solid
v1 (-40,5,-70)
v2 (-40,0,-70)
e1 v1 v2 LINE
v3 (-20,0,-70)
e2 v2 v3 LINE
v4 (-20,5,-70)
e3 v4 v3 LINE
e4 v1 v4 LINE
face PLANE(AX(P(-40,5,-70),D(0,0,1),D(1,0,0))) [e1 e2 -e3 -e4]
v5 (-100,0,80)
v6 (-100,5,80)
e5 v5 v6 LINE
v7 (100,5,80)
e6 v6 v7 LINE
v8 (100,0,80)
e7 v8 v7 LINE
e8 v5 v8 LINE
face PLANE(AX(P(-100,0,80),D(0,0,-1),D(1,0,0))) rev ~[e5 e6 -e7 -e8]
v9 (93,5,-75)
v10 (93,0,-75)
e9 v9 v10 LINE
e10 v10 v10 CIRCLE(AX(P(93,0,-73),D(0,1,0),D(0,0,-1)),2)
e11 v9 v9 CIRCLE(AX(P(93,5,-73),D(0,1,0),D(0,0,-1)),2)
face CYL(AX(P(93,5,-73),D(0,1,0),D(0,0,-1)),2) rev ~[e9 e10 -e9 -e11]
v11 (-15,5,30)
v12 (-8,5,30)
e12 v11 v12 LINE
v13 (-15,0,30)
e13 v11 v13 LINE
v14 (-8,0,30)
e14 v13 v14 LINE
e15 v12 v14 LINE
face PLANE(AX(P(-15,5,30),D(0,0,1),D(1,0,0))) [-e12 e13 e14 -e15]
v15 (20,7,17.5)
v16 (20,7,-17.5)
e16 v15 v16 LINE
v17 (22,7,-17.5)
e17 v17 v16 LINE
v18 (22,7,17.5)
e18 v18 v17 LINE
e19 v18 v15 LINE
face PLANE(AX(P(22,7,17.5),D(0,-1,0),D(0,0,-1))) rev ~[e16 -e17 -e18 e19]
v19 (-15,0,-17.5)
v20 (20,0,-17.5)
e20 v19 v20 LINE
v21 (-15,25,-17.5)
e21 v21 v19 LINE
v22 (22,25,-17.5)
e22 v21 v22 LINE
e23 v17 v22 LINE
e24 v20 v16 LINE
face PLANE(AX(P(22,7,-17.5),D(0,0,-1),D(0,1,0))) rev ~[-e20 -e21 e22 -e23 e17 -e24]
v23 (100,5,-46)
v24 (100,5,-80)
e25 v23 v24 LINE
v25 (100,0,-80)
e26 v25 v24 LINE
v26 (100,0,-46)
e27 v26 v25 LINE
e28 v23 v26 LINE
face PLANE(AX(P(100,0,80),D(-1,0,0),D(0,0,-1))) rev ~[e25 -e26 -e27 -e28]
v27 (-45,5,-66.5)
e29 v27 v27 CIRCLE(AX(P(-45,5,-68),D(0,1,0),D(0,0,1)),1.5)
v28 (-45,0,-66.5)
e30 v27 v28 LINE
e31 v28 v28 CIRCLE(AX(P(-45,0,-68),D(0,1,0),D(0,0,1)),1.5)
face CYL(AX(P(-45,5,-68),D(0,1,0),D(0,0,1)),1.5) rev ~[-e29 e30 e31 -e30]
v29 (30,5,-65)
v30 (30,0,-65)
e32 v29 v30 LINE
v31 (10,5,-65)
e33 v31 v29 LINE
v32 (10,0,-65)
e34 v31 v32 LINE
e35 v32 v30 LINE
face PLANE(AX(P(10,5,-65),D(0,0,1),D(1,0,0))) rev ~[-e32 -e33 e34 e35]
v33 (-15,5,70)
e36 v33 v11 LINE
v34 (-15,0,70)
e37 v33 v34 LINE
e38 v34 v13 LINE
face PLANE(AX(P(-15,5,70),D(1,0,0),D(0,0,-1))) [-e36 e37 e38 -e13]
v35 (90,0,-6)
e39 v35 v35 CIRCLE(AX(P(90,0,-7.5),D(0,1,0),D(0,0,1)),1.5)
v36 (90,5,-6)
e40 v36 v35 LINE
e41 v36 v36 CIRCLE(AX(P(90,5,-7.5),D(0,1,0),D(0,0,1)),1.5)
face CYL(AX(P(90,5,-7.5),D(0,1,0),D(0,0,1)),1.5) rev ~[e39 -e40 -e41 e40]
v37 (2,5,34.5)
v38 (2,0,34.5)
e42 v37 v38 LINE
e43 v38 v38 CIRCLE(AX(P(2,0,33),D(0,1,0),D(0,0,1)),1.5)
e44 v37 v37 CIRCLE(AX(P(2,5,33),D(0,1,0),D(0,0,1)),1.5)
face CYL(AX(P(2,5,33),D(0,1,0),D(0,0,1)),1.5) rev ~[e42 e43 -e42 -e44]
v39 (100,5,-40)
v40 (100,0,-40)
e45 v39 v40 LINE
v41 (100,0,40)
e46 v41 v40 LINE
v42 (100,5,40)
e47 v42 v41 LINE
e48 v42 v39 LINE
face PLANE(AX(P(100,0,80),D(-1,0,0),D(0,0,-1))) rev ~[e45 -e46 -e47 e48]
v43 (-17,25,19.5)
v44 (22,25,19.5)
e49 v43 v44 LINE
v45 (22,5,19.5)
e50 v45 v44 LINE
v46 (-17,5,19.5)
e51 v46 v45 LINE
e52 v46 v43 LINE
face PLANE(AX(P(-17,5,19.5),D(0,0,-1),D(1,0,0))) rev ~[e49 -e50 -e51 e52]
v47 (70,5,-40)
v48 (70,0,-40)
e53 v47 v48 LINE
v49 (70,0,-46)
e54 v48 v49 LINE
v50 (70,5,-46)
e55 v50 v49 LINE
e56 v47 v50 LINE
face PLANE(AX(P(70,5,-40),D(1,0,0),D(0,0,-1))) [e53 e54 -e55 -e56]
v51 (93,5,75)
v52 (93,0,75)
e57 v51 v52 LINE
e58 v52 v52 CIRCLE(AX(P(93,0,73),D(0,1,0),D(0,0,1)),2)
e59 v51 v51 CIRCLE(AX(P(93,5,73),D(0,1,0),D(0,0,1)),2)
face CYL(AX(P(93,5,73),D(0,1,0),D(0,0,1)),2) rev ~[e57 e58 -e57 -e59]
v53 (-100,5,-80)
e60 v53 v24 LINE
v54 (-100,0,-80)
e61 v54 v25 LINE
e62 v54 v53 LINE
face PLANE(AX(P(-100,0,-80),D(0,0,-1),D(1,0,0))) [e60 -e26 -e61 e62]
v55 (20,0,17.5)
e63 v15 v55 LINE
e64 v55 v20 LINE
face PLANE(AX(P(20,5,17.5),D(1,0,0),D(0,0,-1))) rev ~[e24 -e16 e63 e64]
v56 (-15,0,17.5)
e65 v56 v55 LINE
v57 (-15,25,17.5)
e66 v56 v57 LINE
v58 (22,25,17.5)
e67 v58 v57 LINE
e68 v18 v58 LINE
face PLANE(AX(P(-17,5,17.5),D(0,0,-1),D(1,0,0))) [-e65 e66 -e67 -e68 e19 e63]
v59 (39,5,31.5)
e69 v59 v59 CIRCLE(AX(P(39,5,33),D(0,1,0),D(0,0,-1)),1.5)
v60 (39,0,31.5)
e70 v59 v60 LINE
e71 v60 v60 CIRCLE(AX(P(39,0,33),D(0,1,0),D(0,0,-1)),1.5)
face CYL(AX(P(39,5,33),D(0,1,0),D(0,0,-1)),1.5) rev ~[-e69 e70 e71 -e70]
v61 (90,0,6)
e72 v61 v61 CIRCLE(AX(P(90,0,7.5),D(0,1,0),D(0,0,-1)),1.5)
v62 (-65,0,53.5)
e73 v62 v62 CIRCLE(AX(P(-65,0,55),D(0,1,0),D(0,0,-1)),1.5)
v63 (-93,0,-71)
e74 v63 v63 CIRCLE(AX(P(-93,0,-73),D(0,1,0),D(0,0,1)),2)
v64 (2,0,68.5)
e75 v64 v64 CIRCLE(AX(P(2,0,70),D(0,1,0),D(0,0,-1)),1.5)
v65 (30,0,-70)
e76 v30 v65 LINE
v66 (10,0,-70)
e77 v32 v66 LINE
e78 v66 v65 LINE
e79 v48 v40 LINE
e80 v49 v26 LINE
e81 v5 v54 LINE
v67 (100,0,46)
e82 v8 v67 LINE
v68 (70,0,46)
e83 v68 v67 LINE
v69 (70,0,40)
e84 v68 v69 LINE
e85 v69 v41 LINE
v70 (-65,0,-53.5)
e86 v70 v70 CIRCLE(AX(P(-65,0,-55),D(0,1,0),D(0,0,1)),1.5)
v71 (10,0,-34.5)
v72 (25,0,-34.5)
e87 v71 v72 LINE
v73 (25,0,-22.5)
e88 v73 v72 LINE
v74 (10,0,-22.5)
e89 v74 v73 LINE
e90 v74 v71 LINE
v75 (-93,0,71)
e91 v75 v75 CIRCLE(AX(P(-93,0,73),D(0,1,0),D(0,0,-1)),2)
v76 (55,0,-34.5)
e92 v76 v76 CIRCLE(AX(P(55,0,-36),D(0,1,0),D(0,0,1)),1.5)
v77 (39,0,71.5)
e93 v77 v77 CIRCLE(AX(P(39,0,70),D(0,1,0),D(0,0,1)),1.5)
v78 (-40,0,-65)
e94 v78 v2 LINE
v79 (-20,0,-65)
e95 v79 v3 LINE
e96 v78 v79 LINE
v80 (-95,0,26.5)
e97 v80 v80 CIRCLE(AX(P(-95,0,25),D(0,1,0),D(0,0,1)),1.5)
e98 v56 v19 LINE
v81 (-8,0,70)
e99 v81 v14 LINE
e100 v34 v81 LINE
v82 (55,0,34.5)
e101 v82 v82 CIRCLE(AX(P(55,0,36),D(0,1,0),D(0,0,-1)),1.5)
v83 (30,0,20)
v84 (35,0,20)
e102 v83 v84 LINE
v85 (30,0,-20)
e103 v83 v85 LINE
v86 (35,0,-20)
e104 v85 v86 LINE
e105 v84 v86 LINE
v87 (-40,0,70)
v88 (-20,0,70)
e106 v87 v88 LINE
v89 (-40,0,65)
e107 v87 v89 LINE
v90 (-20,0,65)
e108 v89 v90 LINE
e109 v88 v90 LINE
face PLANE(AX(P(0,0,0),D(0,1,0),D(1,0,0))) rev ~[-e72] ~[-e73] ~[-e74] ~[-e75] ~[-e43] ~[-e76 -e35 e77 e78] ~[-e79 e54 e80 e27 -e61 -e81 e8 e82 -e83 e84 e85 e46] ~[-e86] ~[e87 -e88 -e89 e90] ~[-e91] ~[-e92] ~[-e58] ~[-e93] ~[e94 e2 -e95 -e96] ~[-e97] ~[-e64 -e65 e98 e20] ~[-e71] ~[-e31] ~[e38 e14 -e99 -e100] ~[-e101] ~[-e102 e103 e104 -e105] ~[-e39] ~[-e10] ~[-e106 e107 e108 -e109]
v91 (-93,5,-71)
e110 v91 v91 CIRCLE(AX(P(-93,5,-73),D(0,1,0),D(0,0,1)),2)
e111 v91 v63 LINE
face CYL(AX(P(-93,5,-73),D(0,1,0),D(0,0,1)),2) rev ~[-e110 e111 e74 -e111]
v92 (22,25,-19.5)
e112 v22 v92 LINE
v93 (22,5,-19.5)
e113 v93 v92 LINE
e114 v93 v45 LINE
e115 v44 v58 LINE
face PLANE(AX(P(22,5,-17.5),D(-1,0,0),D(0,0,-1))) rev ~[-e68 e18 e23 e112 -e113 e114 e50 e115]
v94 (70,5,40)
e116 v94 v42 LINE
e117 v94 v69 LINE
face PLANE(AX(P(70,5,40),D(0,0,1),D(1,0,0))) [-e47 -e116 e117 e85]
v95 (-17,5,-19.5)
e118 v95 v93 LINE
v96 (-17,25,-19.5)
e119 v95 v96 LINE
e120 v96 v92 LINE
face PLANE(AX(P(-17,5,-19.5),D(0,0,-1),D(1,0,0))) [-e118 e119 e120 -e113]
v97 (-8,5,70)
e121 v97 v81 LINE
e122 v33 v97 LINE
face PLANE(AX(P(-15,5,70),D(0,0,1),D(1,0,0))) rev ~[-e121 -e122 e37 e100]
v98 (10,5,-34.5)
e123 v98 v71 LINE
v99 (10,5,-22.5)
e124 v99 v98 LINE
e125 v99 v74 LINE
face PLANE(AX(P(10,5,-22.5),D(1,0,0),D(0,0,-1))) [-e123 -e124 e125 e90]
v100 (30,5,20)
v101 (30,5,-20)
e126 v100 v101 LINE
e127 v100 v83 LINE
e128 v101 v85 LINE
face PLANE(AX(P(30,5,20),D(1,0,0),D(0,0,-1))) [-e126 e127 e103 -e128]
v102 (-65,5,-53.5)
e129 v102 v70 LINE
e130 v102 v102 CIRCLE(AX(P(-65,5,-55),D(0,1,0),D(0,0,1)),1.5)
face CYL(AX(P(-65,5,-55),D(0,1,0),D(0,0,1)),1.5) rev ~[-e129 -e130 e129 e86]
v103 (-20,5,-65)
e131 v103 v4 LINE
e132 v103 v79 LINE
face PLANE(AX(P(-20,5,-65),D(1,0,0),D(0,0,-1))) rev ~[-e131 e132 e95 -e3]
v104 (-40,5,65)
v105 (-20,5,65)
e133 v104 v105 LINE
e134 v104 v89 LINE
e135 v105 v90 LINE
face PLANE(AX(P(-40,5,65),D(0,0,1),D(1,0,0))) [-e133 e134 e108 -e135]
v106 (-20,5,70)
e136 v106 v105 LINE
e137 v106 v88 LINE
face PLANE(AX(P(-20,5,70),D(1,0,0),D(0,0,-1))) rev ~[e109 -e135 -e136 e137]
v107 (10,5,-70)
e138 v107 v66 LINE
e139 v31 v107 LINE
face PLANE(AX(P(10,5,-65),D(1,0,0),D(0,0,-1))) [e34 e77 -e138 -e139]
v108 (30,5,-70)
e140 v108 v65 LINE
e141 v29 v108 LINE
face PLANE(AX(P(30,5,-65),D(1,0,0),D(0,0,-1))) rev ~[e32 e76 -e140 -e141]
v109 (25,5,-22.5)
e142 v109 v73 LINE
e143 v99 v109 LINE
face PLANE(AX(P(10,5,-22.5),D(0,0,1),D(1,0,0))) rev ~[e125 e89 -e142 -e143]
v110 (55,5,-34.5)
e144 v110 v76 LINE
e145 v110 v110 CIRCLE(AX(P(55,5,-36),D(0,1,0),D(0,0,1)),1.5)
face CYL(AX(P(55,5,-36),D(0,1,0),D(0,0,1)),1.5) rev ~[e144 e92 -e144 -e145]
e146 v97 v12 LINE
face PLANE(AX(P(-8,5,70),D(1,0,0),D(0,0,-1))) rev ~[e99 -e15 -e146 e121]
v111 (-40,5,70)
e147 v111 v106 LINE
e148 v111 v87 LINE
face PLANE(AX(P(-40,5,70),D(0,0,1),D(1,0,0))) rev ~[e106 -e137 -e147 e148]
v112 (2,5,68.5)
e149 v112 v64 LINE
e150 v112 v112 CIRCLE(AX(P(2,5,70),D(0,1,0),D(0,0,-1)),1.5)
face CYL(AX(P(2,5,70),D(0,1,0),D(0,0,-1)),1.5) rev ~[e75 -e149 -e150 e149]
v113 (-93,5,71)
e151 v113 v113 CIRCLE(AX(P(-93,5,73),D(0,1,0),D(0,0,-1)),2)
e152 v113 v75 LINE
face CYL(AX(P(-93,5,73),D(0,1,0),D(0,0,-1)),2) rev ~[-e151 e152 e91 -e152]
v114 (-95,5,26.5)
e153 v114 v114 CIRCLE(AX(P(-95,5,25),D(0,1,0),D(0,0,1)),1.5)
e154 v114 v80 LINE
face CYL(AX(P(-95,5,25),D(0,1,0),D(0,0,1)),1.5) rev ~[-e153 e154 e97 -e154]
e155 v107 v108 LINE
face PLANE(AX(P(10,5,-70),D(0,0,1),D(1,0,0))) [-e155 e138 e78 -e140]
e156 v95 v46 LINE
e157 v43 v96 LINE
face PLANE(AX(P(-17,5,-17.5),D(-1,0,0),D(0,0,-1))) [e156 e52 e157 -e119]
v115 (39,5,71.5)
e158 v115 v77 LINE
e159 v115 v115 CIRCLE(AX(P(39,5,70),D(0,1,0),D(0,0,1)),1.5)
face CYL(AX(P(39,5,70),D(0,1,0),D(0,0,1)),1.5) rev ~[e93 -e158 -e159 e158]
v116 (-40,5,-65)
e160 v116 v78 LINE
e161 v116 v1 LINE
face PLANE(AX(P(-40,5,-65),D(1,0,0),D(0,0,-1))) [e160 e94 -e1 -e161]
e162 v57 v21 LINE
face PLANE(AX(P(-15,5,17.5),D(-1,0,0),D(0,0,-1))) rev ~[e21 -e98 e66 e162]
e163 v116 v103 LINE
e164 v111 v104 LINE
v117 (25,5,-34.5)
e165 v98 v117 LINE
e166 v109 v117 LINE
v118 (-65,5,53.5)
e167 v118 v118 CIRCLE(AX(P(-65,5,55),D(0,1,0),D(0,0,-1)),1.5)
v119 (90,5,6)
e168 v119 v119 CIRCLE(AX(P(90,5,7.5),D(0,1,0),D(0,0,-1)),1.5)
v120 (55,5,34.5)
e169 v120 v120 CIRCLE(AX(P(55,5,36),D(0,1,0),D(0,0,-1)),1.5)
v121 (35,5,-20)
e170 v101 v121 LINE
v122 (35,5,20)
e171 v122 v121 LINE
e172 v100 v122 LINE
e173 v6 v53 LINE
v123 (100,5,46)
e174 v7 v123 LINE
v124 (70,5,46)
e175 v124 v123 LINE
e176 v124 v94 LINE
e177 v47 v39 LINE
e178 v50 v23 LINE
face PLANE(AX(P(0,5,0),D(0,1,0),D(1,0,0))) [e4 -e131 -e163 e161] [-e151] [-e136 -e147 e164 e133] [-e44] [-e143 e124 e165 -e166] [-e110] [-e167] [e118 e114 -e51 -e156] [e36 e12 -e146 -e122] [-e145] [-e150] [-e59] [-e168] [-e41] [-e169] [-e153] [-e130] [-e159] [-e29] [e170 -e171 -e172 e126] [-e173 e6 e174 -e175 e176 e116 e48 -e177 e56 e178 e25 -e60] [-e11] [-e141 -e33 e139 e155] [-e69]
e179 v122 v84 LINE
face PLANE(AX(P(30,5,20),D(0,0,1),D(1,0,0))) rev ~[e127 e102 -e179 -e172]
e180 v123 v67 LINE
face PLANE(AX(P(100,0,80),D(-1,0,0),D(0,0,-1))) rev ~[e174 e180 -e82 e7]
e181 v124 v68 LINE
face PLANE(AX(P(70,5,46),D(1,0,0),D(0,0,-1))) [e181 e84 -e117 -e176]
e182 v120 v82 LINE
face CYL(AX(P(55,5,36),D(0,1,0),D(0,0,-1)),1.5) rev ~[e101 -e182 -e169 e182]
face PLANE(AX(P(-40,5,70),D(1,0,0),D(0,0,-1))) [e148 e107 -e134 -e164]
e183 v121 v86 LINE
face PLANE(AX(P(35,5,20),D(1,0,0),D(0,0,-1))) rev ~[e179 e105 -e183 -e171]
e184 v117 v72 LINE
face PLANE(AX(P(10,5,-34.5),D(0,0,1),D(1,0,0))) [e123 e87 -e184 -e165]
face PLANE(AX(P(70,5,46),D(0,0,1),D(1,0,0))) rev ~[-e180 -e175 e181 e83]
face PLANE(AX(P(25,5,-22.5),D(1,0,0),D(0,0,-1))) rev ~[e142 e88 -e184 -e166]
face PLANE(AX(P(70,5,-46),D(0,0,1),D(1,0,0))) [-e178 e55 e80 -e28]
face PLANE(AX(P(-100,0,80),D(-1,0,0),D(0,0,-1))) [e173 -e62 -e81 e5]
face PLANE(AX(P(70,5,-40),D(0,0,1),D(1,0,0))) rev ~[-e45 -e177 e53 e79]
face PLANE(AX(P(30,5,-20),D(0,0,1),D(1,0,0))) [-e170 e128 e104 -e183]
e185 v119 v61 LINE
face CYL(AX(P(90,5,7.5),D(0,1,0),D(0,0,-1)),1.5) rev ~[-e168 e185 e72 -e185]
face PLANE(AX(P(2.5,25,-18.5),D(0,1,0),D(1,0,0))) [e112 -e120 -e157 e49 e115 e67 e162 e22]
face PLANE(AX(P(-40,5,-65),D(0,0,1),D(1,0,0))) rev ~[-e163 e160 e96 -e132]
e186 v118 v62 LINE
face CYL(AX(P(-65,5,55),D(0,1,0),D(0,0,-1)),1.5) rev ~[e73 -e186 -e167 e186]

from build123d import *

# Parameters (mm, degrees)
SKETCH1_W           = 200
SKETCH1_H           = 160
BOSS_EXTRUDE1_DEPTH = 5
SKETCH2_R           = 2
CUT_EXTRUDE1_DEPTH  = 5
SKETCH3_R           = 1.5
CUT_EXTRUDE4_DEPTH  = 5
SKETCH4_R           = 1.5
CUT_EXTRUDE5_DEPTH  = 5
SKETCH5_W           = 35
SKETCH5_H           = 35
CUT_EXTRUDE6_DEPTH  = 5
SKETCH7_W           = 7
SKETCH7_H           = 40
SKETCH7_W_2         = 5
SKETCH7_W_3         = 20
SKETCH7_H_2         = 5
CUT_EXTRUDE7_DEPTH  = 5
SKETCH8_W           = 15
SKETCH8_H           = 12
SKETCH8_W_2         = 30
SKETCH8_H_2         = 6
CUT_EXTRUDE8_DEPTH  = 5
SKETCH9_W           = 20
SKETCH9_H           = 5
CUT_EXTRUDE9_DEPTH  = 5
SKETCH10_R          = 1.5
CUT_EXTRUDE10_DEPTH = 5
SKETCH11_R          = 1.5
CUT_EXTRUDE11_DEPTH = 5
SKETCH12_R          = 1.5
CUT_EXTRUDE12_DEPTH = 5
SKETCH14_W          = 2
SKETCH14_H          = 35
BOSS_EXTRUDE3_DEPTH = 20
SKETCH15_W          = 39
SKETCH15_H          = 2
BOSS_EXTRUDE4_DEPTH = 20
SKETCH16_W          = 39
SKETCH16_H          = 2
BOSS_EXTRUDE5_DEPTH = 20
SKETCH17_W          = 35
SKETCH17_H          = 18
CUT_EXTRUDE13_DEPTH = 20


with BuildPart() as part:
    # Sketch1 → Boss-Extrude1 (new body)
    with BuildSketch(Plane(origin=(0, 0, 0), x_dir=(1, 0, 0), z_dir=(0, 1, 0))):
        Rectangle(SKETCH1_W, SKETCH1_H)
    extrude(amount=BOSS_EXTRUDE1_DEPTH)

    # Sketch2 → Cut-Extrude1 (cut)
    with BuildSketch(Plane(origin=(0, 5, 0), x_dir=(1, 0, 0), z_dir=(0, 1, 0))):
        with Locations(Location((-93, 73, 0), (0, 0, 270))):
            Circle(SKETCH2_R)
        with Locations(Location((93, 73, 0), (0, 0, 90))):
            Circle(SKETCH2_R)
        with Locations(Location((93, -73, 0), (0, 0, 270))):
            Circle(SKETCH2_R)
        with Locations(Location((-93, -73, 0), (0, 0, 90))):
            Circle(SKETCH2_R)
    extrude(amount=-CUT_EXTRUDE1_DEPTH, mode=Mode.SUBTRACT)

    # Sketch3 → Cut-Extrude4 (cut)
    with BuildSketch(Plane(origin=(0, 5, 0), x_dir=(1, 0, 0), z_dir=(0, 1, 0))):
        with Locations(Location((90, 7.5, 0), (0, 0, 270))):
            Circle(SKETCH3_R)
        with Locations(Location((90, -7.5, 0), (0, 0, 90))):
            Circle(SKETCH3_R)
    extrude(amount=-CUT_EXTRUDE4_DEPTH, mode=Mode.SUBTRACT)

    # Sketch4 → Cut-Extrude5 (cut)
    with BuildSketch(Plane(origin=(0, 5, 0), x_dir=(1, 0, 0), z_dir=(0, 1, 0))):
        with Locations(Location((55, 36, 0), (0, 0, 270))):
            Circle(SKETCH4_R)
        with Locations(Location((55, -36, 0), (0, 0, 90))):
            Circle(SKETCH4_R)
    extrude(amount=-CUT_EXTRUDE5_DEPTH, mode=Mode.SUBTRACT)

    # Sketch5 → Cut-Extrude6 (cut)
    with BuildSketch(Plane(origin=(0, 5, 0), x_dir=(1, 0, 0), z_dir=(0, 1, 0))):
        with Locations((2.5, 0)):
            Rectangle(SKETCH5_W, SKETCH5_H)
    extrude(amount=-CUT_EXTRUDE6_DEPTH, mode=Mode.SUBTRACT)

    # Sketch7 → Cut-Extrude7 (cut)
    with BuildSketch(Plane(origin=(0, 5, 0), x_dir=(1, 0, 0), z_dir=(0, 1, 0))):
        with Locations((-11.5, -50)):
            Rectangle(SKETCH7_W, SKETCH7_H)
        with Locations((32.5, 0)):
            Rectangle(SKETCH7_W_2, SKETCH7_H)
        with Locations((-30, 67.5)):
            Rectangle(SKETCH7_W_3, SKETCH7_H_2)
        with Locations((-30, -67.5)):
            Rectangle(SKETCH7_W_3, SKETCH7_H_2)
    extrude(amount=-CUT_EXTRUDE7_DEPTH, mode=Mode.SUBTRACT)

    # Sketch8 → Cut-Extrude8 (cut)
    with BuildSketch(Plane(origin=(0, 5, 0), x_dir=(1, 0, 0), z_dir=(0, 1, 0))):
        with Locations((17.5, 28.5)):
            Rectangle(SKETCH8_W, SKETCH8_H)
        with Locations((85, 43)):
            Rectangle(SKETCH8_W_2, SKETCH8_H_2)
        with Locations((85, -43)):
            Rectangle(SKETCH8_W_2, SKETCH8_H_2)
    extrude(amount=-CUT_EXTRUDE8_DEPTH, mode=Mode.SUBTRACT)

    # Sketch9 → Cut-Extrude9 (cut)
    with BuildSketch(Plane(origin=(0, 5, 0), x_dir=(1, 0, 0), z_dir=(0, 1, 0))):
        with Locations((20, 67.5)):
            Rectangle(SKETCH9_W, SKETCH9_H)
    extrude(amount=-CUT_EXTRUDE9_DEPTH, mode=Mode.SUBTRACT)

    # Sketch10 → Cut-Extrude10 (cut)
    with BuildSketch(Plane(origin=(0, 5, 0), x_dir=(1, 0, 0), z_dir=(0, 1, 0))):
        with Locations(Location((-95, -25, 0), (0, 0, 270))):
            Circle(SKETCH10_R)
        with Locations(Location((-45, 68, 0), (0, 0, 270))):
            Circle(SKETCH10_R)
    extrude(amount=-CUT_EXTRUDE10_DEPTH, mode=Mode.SUBTRACT)

    # Sketch11 → Cut-Extrude11 (cut)
    with BuildSketch(Plane(origin=(0, 5, 0), x_dir=(1, 0, 0), z_dir=(0, 1, 0))):
        with Locations(Location((2, -33, 0), (0, 0, 270))):
            Circle(SKETCH11_R)
        with Locations(Location((2, -70, 0), (0, 0, 90))):
            Circle(SKETCH11_R)
        with Locations(Location((39, -70, 0), (0, 0, 270))):
            Circle(SKETCH11_R)
        with Locations(Location((39, -33, 0), (0, 0, 90))):
            Circle(SKETCH11_R)
    extrude(amount=-CUT_EXTRUDE11_DEPTH, mode=Mode.SUBTRACT)

    # Sketch12 → Cut-Extrude12 (cut)
    with BuildSketch(Plane(origin=(0, 5, 0), x_dir=(1, 0, 0), z_dir=(0, 1, 0))):
        with Locations(Location((-65, 55, 0), (0, 0, 270))):
            Circle(SKETCH12_R)
        with Locations(Location((-65, -55, 0), (0, 0, 90))):
            Circle(SKETCH12_R)
    extrude(amount=-CUT_EXTRUDE12_DEPTH, mode=Mode.SUBTRACT)

    # Sketch14 → Boss-Extrude3 (add)
    with BuildSketch(Plane(origin=(0, 5, 0), x_dir=(1, 0, 0), z_dir=(0, 1, 0))):
        with Locations((-16, 0)):
            Rectangle(SKETCH14_W, SKETCH14_H)
        with Locations((21, 0)):
            Rectangle(SKETCH14_W, SKETCH14_H)
    extrude(amount=BOSS_EXTRUDE3_DEPTH)

    # Sketch15 → Boss-Extrude4 (add)
    with BuildSketch(Plane(origin=(0, 5, 0), x_dir=(1, 0, 0), z_dir=(0, 1, 0))):
        with Locations((2.5, -18.5)):
            Rectangle(SKETCH15_W, SKETCH15_H)
    extrude(amount=BOSS_EXTRUDE4_DEPTH)

    # Sketch16 → Boss-Extrude5 (add)
    with BuildSketch(Plane(origin=(0, 5, 0), x_dir=(1, 0, 0), z_dir=(0, 1, 0))):
        with Locations((2.5, 18.5)):
            Rectangle(SKETCH16_W, SKETCH16_H)
    extrude(amount=BOSS_EXTRUDE5_DEPTH)

    # Sketch17 → Cut-Extrude13 (cut)
    with BuildSketch(Plane(origin=(22, 0, 0), x_dir=(0, 0, -1), z_dir=(1, 0, 0))):
        with Locations((0, 16)):
            Rectangle(SKETCH17_W, SKETCH17_H)
    extrude(amount=-CUT_EXTRUDE13_DEPTH, mode=Mode.SUBTRACT)


solid = part.part
